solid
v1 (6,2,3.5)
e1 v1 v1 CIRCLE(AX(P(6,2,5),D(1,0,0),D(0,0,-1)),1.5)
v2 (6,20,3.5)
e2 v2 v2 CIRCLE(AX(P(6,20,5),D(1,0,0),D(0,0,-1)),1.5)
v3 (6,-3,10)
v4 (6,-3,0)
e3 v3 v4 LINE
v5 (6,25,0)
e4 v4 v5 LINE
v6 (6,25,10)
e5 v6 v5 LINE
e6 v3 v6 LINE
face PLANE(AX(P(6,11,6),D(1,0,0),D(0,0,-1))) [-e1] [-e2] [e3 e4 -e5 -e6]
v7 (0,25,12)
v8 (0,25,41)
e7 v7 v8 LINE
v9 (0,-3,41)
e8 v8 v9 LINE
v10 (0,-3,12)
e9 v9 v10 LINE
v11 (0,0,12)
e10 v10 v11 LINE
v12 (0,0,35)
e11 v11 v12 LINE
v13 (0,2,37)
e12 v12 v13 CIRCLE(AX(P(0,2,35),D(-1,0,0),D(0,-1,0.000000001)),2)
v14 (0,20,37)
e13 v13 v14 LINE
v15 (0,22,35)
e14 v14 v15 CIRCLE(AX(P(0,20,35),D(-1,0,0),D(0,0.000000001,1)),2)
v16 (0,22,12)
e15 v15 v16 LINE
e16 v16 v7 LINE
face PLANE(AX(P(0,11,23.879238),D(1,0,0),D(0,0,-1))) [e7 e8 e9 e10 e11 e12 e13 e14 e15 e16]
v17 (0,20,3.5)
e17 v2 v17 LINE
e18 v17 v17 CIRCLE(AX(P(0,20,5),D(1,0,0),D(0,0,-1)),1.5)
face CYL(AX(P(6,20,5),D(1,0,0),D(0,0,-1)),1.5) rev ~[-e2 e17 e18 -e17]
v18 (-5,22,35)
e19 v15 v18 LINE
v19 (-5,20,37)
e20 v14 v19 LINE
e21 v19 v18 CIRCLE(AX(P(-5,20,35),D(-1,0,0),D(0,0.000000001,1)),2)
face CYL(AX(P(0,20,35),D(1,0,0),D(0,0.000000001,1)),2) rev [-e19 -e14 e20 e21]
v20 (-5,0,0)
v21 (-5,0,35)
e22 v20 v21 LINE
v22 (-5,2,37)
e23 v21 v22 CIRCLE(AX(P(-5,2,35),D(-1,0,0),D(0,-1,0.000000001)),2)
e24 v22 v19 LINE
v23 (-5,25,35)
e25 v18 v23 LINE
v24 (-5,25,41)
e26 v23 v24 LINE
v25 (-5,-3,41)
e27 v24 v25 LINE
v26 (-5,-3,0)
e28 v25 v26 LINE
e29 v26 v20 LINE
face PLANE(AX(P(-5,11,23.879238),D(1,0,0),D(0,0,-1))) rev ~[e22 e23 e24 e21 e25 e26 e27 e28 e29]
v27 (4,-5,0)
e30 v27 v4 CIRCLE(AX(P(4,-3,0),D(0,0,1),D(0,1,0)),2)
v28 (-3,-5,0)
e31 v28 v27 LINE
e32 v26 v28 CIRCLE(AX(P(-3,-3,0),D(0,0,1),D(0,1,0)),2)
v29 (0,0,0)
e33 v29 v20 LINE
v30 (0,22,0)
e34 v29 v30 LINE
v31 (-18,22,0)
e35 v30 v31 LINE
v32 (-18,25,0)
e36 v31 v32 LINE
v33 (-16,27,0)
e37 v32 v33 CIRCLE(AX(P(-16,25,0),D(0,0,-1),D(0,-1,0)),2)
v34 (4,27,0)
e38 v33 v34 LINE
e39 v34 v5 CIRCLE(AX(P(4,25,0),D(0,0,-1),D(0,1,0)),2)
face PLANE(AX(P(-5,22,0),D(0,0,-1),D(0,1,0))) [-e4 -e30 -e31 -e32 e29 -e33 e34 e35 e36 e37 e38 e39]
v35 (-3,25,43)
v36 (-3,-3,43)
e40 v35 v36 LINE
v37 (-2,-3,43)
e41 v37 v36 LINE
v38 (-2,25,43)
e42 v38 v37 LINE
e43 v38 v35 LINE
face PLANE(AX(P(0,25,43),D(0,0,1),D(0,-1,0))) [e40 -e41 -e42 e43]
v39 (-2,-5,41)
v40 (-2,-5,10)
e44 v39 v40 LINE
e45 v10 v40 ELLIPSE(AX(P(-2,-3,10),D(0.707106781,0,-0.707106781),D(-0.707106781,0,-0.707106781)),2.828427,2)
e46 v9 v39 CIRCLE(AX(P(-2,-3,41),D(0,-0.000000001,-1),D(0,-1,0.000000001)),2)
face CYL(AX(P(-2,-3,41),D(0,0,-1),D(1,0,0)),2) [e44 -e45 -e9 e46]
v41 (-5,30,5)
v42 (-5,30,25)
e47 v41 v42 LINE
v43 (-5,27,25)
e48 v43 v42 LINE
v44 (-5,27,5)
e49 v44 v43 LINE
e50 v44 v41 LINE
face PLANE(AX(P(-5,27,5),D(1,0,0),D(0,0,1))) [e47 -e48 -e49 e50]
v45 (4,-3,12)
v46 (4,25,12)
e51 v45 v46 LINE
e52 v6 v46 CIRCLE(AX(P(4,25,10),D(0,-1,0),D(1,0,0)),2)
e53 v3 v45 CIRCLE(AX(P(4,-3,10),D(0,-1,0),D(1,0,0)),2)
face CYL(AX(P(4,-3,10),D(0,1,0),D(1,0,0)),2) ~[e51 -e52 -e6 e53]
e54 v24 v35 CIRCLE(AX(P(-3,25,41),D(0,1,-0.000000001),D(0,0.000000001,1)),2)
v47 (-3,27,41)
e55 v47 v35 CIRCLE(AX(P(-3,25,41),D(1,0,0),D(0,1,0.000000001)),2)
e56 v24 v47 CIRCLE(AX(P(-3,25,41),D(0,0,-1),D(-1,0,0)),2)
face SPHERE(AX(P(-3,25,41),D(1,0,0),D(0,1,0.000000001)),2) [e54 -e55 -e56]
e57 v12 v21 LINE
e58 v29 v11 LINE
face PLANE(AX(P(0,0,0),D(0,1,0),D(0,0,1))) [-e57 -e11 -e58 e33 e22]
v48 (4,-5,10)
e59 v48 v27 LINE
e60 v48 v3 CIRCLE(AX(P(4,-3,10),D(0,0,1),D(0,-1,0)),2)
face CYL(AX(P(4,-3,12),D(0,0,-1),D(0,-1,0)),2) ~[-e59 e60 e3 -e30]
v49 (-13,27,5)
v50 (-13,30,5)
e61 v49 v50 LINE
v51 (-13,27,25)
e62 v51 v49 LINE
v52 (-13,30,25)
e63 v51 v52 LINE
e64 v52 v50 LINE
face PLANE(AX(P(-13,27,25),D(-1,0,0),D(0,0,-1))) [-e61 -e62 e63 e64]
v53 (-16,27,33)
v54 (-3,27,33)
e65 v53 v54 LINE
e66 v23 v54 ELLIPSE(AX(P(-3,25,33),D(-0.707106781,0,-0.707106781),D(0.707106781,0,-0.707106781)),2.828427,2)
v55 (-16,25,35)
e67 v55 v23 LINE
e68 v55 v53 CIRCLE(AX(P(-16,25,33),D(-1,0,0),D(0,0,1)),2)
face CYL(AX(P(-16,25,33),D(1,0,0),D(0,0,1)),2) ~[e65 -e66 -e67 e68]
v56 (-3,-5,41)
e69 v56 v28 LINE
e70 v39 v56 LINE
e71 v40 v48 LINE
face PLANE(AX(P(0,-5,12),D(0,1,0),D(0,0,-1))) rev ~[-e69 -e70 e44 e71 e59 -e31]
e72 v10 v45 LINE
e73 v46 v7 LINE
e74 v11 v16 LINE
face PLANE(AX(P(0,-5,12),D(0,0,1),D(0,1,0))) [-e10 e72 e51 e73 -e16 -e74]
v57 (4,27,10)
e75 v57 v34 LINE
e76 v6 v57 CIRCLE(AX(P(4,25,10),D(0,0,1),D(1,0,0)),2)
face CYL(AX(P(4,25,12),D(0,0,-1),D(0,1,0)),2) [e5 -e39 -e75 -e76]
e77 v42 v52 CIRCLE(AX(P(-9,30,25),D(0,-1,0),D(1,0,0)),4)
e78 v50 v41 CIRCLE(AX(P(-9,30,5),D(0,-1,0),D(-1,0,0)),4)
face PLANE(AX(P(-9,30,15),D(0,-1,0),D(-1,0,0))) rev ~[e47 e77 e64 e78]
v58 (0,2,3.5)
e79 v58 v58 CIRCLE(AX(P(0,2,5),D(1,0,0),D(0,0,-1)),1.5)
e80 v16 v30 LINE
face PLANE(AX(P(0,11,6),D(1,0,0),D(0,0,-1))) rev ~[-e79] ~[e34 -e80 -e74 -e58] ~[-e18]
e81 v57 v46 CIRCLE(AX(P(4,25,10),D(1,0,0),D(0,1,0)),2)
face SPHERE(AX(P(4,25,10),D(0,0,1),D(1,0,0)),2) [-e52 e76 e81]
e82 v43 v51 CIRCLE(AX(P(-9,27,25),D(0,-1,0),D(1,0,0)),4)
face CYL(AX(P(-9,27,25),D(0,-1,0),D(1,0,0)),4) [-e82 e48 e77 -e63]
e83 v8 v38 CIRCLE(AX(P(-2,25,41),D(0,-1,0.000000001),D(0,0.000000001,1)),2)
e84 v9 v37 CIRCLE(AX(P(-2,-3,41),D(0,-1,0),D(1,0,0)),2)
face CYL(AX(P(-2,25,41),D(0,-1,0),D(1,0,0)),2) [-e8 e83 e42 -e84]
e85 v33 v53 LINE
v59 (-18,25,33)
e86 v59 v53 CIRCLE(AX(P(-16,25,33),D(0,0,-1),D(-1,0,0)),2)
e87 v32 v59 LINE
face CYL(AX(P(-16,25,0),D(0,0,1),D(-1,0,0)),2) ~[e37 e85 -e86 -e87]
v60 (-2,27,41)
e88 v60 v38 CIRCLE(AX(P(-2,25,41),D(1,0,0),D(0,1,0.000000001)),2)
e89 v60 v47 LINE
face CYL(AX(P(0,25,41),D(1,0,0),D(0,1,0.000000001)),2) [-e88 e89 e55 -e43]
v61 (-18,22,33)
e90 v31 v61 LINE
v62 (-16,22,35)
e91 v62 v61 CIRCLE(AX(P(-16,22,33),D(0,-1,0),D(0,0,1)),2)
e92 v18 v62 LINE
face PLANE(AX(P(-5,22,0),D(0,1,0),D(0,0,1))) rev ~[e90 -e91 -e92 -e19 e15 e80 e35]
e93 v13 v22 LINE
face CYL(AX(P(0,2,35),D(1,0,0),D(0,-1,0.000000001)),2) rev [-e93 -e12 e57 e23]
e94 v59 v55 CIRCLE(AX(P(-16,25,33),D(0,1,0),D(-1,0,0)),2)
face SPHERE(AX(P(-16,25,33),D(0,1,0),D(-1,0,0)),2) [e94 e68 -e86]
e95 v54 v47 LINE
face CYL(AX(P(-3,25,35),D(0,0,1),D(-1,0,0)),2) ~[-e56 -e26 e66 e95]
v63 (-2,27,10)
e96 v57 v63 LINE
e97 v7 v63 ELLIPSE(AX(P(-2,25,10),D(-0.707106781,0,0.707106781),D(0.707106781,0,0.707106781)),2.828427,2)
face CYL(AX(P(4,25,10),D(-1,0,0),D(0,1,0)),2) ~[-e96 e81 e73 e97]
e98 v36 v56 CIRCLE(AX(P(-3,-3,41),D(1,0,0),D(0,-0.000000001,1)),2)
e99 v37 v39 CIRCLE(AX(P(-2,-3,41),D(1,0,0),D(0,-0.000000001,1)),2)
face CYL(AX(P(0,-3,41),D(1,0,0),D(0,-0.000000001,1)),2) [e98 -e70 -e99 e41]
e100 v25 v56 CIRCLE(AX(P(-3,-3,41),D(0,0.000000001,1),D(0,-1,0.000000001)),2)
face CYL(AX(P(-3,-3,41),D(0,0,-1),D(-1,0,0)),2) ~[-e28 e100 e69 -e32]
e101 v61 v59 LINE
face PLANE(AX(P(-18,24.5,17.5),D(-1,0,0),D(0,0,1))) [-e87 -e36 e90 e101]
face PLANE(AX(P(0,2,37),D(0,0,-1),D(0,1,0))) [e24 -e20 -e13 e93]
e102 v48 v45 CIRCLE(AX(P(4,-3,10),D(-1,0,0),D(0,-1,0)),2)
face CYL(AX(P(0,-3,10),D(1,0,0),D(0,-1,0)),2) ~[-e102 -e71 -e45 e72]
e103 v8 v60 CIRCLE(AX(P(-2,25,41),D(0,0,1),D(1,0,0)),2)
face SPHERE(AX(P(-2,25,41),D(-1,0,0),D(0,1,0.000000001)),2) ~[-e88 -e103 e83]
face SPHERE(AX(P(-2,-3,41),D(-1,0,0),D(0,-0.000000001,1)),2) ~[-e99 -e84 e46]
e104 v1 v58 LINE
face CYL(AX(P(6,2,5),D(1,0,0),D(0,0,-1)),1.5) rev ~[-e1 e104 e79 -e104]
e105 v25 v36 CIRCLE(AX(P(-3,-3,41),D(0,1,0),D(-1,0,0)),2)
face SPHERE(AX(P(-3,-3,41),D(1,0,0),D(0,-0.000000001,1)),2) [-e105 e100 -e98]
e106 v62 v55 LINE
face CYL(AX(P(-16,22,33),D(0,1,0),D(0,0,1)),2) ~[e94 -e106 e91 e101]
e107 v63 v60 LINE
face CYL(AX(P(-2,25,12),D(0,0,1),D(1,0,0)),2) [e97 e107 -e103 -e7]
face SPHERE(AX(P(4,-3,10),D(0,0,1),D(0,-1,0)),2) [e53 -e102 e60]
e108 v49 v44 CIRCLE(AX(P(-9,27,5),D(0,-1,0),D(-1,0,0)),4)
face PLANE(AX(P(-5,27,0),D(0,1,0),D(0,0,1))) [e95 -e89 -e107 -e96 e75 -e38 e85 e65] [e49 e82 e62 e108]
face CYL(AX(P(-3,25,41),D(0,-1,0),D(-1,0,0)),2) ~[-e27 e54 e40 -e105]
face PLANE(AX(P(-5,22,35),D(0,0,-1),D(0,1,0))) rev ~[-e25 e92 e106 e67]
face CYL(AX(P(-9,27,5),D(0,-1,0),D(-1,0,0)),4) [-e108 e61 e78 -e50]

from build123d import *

# Parameters (mm, degrees)
BOSS_EXTRUDE1_DEPTH = 5
SKETCH2_W           = 12
SKETCH2_H           = 32
BOSS_EXTRUDE2_DEPTH = 6
CUT_EXTRUDE1_REACH  = 53.952
AGUJEROSMOTOR_R     = 1.5
FILLET1_R           = 2
SKETCH5_W           = 35
SKETCH5_H           = 5
BOSS_EXTRUDE3_DEPTH = 13
FILLET2_R           = 2
FILLET3_R           = 2
FILLET4_R           = 2
BOSS_EXTRUDE4_DEPTH = 3


with BuildPart() as part:
    # Sketch U → Boss-Extrude1 (new body)
    with BuildSketch(Plane(origin=(0, 0, 0), x_dir=(0, 0, -1), z_dir=(1, 0, 0))):
        with BuildLine():
            Line((0, 22), (0, 27))
            Line((0, 27), (-41, 27))
            ThreePointArc((-41, 27), (-42.414213562, 26.414213562), (-43, 25))
            Line((-43, 25), (-43, -3))
            ThreePointArc((-43, -3), (-42.414213562, -4.414213562), (-41, -5))
            Line((-41, -5), (0, -5))
            Line((0, -5), (0, 0))
            Line((0, 0), (-35, 0))
            ThreePointArc((-35, 0), (-36.414213562, 0.585786438), (-37, 2))
            Line((-37, 2), (-37, 20))
            ThreePointArc((-37, 20), (-36.414213562, 21.414213562), (-35, 22))
            Line((-35, 22), (0, 22))
        make_face()
    extrude(amount=-BOSS_EXTRUDE1_DEPTH)

    # Sketch2 → Boss-Extrude2 (add)
    with BuildSketch(Plane(origin=(0, 0, 0), x_dir=(0, 0, -1), z_dir=(1, 0, 0))):
        with Locations((-6, 11)):
            Rectangle(SKETCH2_W, SKETCH2_H)
    extrude(amount=BOSS_EXTRUDE2_DEPTH)

    # AgujerosMotor → Cut-Extrude1 (cut, up to next)
    with BuildSketch(Plane(origin=(6, 0, 0), x_dir=(0, 0, -1), z_dir=(1, 0, 0)), mode=Mode.PRIVATE) as cut_extrude1_sk1:
        with Locations((-5, 2)):
            Circle(AGUJEROSMOTOR_R)
    cut_extrude1_tool1 = extrude(cut_extrude1_sk1.sketch, amount=-CUT_EXTRUDE1_REACH, mode=Mode.PRIVATE) & part.part
    # AgujerosMotor → Cut-Extrude1 (cut, up to next)
    with BuildSketch(Plane(origin=(6, 0, 0), x_dir=(0, 0, -1), z_dir=(1, 0, 0)), mode=Mode.PRIVATE) as cut_extrude1_sk2:
        with Locations((-5, 20)):
            Circle(AGUJEROSMOTOR_R)
    cut_extrude1_tool2 = extrude(cut_extrude1_sk2.sketch, amount=-CUT_EXTRUDE1_REACH, mode=Mode.PRIVATE) & part.part
    add(cut_extrude1_tool1.solids().sort_by_distance((6, 2, 5))[0], mode=Mode.SUBTRACT)
    add(cut_extrude1_tool2.solids().sort_by_distance((6, 20, 5))[0], mode=Mode.SUBTRACT)

    # Fillet1
    fillet1_edges = [part.edges().sort_by_distance(p)[0] for p in [
        (6, 27, 6),
        (6, -5, 6),
    ]]
    fillet(fillet1_edges, radius=FILLET1_R)

    # Sketch5 → Boss-Extrude3 (add)
    with BuildSketch(Plane.ZY.offset(5)):
        with Locations((17.5, 24.5)):
            Rectangle(SKETCH5_W, SKETCH5_H)
    extrude(amount=BOSS_EXTRUDE3_DEPTH)

    # Fillet2
    fillet2_edges = [part.edges().sort_by_distance(p)[0] for p in [
        (-18, 24.5, 35),
    ]]
    fillet(fillet2_edges, radius=FILLET2_R)

    # Fillet3
    fillet3_edges = [part.edges().sort_by_distance(p)[0] for p in [
        (0, -5, 26.5),
        (0, -4.414213562, 42.414213562),
        (0, 11, 43),
        (0, 26.414213562, 42.414213562),
        (0, 27, 26.5),
        (-5, 26.414213562, 42.414213562),
        (-5, 11, 43),
        (-5, -4.414213562, 42.414213562),
        (-5, -5, 20.5),
        (6, 11, 12),
        (2, -5, 12),
        (2, 27, 12),
        (5.414213562, -4.414213562, 12),
        (5.414213562, 26.414213562, 12),
        (-5, 27, 38),
    ]]
    fillet(fillet3_edges, radius=FILLET3_R)

    # Fillet4
    fillet4_edges = [part.edges().sort_by_distance(p)[0] for p in [
        (-18, 27, 16.5),
        (-17.414213562, 27, 34.414213562),
        (-9.5, 27, 35),
    ]]
    fillet(fillet4_edges, radius=FILLET4_R)

    # Encastre → Boss-Extrude4 (add)
    with BuildSketch(Plane(origin=(0, 27, 0), x_dir=(1, 0, 0), z_dir=(0, 1, 0))):
        with BuildLine():
            Line((-5, -5), (-5, -25))
            ThreePointArc((-5, -25), (-9, -29), (-13, -25))
            Line((-13, -25), (-13, -5))
            ThreePointArc((-13, -5), (-9, -1), (-5, -5))
        make_face()
    extrude(amount=BOSS_EXTRUDE4_DEPTH)


solid = part.part
